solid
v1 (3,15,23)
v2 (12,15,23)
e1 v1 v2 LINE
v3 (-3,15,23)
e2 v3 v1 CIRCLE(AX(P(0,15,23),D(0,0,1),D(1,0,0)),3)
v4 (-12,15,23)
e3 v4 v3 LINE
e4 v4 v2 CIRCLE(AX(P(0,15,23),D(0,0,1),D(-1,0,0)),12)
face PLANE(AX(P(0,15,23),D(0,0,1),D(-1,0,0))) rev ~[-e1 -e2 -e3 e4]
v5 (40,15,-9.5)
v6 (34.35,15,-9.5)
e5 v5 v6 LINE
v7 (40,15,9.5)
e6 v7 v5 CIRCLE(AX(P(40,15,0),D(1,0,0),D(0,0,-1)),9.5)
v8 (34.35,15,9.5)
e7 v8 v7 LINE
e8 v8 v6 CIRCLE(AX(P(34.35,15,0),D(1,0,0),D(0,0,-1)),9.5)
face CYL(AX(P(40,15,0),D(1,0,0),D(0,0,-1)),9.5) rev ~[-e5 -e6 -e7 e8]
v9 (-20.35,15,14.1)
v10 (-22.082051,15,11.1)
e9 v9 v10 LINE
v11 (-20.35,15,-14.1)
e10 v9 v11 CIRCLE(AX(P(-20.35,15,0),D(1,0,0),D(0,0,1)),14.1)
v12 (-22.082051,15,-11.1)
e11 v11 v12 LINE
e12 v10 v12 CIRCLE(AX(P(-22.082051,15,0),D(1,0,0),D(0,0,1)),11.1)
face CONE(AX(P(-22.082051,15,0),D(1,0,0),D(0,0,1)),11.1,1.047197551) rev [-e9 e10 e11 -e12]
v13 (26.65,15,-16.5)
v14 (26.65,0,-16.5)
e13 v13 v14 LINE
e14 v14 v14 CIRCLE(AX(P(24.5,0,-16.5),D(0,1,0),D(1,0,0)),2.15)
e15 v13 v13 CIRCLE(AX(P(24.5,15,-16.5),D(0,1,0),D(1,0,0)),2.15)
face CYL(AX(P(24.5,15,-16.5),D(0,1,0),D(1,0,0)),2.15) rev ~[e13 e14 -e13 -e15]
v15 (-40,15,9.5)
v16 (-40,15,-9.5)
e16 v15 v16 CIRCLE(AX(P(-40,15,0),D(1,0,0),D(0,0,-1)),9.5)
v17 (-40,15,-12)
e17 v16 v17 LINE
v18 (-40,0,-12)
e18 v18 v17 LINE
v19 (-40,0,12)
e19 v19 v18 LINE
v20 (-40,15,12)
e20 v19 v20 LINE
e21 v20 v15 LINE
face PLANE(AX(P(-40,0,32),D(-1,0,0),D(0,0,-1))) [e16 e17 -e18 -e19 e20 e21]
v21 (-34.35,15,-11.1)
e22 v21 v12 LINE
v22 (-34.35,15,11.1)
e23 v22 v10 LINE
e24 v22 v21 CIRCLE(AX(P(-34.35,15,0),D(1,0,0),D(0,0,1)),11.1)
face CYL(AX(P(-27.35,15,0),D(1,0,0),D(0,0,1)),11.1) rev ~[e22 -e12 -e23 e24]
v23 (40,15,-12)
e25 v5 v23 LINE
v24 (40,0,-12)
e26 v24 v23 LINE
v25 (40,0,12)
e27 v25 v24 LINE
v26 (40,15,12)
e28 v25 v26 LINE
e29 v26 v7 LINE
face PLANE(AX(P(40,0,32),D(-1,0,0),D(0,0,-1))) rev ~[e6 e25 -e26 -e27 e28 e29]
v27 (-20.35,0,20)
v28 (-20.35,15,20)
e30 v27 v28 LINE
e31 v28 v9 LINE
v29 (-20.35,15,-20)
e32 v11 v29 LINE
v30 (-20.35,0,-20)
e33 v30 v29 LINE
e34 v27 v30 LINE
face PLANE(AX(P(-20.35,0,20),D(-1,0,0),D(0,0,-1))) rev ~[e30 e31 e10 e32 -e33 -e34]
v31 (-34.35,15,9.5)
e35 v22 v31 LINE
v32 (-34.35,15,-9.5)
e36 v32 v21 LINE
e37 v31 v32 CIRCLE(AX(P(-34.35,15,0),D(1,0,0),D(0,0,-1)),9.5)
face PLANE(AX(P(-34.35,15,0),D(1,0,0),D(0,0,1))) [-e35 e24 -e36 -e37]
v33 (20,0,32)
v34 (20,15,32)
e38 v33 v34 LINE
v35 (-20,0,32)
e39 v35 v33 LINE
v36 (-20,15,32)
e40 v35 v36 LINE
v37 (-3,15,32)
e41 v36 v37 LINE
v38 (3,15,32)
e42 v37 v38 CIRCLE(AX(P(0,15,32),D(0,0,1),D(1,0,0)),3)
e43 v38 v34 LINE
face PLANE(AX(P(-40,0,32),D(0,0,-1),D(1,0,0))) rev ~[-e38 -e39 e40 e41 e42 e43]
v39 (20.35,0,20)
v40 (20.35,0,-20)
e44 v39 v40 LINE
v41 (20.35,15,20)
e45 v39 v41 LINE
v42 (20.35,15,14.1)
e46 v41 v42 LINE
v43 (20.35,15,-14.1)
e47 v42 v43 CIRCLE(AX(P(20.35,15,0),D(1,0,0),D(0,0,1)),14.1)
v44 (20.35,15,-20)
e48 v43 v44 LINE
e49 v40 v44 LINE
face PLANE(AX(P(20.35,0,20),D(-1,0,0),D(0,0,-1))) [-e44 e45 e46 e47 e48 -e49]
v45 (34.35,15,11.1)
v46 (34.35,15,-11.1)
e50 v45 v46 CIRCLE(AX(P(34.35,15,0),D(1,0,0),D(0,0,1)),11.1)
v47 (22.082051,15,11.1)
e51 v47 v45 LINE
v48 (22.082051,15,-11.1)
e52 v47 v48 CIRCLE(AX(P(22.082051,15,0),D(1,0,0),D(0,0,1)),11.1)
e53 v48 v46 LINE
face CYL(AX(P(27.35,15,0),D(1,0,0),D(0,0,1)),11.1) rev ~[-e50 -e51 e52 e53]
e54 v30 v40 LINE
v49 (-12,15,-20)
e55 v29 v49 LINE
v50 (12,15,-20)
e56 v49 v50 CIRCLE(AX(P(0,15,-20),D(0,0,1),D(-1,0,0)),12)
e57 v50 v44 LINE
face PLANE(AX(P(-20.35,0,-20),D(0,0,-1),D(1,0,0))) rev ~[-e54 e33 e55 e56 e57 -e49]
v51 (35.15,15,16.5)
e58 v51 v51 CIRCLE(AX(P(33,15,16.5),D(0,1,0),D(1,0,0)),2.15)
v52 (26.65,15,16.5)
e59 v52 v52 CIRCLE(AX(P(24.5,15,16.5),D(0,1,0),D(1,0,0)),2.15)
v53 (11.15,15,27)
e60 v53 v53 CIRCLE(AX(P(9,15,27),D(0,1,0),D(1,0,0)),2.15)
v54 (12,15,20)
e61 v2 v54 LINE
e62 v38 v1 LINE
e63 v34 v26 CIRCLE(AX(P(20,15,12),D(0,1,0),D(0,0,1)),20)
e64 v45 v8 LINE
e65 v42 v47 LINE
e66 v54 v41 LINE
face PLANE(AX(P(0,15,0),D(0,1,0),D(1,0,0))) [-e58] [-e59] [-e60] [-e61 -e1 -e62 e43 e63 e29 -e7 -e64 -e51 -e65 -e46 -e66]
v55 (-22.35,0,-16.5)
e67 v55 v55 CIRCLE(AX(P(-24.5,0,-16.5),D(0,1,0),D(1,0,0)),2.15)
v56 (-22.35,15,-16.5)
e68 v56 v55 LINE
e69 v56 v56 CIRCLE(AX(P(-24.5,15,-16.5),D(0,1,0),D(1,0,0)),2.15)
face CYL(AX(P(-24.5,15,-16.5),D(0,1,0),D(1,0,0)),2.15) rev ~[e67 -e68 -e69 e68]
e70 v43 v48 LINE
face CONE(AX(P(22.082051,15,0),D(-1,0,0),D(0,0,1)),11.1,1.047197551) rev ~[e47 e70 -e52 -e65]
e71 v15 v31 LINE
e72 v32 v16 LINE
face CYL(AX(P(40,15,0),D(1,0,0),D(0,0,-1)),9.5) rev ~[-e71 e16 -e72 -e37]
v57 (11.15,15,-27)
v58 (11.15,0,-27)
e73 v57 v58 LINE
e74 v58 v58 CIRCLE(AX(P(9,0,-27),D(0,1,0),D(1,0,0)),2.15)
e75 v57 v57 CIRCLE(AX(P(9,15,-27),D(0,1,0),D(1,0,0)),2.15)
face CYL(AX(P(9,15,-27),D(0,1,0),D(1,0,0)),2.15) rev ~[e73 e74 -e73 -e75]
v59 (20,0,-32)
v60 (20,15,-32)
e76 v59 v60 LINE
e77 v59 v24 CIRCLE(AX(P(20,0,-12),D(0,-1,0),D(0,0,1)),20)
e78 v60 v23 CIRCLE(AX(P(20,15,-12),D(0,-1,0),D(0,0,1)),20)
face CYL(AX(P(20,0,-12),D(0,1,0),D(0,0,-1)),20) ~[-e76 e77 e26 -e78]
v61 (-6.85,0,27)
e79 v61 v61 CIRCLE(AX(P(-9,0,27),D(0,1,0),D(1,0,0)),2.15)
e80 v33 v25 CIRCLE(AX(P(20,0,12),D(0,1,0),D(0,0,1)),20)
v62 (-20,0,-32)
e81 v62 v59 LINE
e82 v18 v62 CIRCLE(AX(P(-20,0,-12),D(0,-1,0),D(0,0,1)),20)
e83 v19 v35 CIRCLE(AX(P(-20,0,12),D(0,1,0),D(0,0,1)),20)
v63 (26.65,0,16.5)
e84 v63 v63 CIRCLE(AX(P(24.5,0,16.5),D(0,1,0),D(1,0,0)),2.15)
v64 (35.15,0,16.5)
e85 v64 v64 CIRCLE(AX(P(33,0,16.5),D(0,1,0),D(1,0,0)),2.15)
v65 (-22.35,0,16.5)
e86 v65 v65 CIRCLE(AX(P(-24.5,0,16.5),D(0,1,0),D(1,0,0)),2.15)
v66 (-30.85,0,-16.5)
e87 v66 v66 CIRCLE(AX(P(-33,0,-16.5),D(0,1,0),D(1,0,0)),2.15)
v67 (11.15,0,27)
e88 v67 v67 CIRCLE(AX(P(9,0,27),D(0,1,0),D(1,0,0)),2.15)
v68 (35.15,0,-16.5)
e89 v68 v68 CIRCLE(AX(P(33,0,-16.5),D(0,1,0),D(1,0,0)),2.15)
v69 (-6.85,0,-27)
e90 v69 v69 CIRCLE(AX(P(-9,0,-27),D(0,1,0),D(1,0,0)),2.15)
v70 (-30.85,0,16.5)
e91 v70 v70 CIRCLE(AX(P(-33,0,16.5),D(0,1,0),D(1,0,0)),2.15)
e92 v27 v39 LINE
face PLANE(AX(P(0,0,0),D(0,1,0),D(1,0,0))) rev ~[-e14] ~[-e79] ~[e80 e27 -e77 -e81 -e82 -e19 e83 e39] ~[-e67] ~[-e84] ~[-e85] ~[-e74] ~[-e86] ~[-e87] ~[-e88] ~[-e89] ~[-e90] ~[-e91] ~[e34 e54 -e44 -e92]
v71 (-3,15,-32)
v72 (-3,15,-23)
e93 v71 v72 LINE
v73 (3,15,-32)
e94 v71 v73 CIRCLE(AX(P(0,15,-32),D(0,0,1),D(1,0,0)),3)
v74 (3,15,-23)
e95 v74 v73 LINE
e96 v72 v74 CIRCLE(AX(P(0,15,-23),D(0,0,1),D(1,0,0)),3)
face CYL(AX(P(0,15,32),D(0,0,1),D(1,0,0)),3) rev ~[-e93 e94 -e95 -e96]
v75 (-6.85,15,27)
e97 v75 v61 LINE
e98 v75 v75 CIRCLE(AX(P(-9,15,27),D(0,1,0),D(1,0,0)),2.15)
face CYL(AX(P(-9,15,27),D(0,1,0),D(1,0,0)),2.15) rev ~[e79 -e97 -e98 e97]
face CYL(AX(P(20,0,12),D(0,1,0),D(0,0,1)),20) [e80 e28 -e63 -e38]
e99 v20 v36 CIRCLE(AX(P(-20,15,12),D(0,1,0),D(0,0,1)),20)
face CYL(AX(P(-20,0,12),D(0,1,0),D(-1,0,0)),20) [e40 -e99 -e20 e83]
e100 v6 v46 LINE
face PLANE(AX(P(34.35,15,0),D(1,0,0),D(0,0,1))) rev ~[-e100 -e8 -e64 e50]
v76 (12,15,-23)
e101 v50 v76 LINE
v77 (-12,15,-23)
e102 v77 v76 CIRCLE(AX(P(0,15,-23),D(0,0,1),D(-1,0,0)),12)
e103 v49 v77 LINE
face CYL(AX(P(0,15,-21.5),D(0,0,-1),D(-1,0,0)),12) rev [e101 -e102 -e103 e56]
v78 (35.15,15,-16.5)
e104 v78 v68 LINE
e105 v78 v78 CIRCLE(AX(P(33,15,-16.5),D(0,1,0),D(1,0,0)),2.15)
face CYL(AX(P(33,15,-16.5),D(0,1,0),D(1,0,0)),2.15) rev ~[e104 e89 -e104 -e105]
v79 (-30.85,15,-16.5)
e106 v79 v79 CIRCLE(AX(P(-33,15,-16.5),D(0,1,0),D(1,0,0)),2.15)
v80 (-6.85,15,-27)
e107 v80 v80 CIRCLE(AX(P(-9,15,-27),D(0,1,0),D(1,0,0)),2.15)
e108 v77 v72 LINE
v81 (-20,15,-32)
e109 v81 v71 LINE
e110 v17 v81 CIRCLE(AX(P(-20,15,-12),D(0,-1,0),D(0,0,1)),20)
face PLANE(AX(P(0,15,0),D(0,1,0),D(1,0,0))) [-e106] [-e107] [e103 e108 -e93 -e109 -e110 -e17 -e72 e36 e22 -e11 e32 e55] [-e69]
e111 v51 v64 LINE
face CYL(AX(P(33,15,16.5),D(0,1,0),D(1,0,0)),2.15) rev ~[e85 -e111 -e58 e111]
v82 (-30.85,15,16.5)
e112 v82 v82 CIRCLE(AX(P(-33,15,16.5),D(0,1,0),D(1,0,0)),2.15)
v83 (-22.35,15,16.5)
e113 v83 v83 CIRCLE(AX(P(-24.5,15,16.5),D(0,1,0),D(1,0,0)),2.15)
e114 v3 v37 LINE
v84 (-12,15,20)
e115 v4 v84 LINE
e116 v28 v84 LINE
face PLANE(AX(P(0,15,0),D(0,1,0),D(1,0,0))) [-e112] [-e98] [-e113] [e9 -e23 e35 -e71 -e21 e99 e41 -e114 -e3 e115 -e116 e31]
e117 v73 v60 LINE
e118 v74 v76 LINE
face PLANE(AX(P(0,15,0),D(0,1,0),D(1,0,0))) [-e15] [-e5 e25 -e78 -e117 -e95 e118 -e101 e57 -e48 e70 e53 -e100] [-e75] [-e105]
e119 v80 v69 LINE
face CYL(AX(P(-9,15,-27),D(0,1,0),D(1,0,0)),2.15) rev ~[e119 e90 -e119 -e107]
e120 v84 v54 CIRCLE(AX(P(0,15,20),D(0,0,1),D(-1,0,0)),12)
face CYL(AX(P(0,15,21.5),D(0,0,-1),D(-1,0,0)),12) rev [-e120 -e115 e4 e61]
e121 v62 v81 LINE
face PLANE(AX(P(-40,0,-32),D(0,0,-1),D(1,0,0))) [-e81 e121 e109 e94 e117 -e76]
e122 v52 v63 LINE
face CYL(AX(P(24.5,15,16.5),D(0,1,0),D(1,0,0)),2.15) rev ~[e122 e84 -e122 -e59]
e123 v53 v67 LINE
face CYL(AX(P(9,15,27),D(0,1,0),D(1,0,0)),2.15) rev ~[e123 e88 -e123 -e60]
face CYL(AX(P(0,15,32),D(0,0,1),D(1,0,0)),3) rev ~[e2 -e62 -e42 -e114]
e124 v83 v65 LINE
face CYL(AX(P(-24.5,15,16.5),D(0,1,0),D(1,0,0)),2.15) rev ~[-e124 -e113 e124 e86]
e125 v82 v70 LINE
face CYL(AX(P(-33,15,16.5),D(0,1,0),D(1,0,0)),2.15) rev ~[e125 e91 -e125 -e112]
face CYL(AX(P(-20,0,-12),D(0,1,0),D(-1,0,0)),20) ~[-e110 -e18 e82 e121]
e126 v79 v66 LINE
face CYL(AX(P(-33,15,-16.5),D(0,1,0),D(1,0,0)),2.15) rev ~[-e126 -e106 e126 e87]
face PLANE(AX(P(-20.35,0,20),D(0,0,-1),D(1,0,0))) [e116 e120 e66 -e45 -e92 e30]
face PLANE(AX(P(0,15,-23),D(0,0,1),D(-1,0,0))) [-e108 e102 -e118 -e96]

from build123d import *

# Parameters (mm, degrees)
SKETCH1_W             = 80
SKETCH1_H             = 64
SKETCH1_W_2           = 40.7
SKETCH1_H_2           = 40
BOSS_EXTRUDE1_DEPTH   = 15
SKETCH3_W             = 14
SKETCH3_H             = 11.1
SKETCH4_R             = 9.5
CUT_EXTRUDE2_DEPTH    = 81
SKETCH5_R             = 3
CUT_EXTRUDE3_DEPTH    = 65
SKETCH8_R             = 2.15
CUT_EXTRUDE6_DEPTH    = 16
FILLET1_R             = 20
CHAMFER1_SIZE         = 3
CHAMFER1_SIZE2        = 1.732050808
CHAMFER1_PART_2_SIZE  = 3
CHAMFER1_PART_2_SIZE2 = 1.732050808
SKETCH9_W             = 12
SKETCH9_H             = 3


with BuildPart() as part:
    # Sketch1 → Boss-Extrude1 (new body)
    with BuildSketch(Plane(origin=(0, 0, 0), x_dir=(1, 0, 0), z_dir=(0, 1, 0))):
        Rectangle(SKETCH1_W, SKETCH1_H)
        Rectangle(SKETCH1_W_2, SKETCH1_H_2, mode=Mode.SUBTRACT)
    extrude(amount=BOSS_EXTRUDE1_DEPTH)

    # Sketch3 → Cut-Revolve1 (revolve, cut)
    with BuildSketch(Plane(origin=(0, 15, 0), x_dir=(1, 0, 0), z_dir=(0, 1, 0))):
        with Locations((27.35, -5.55)):
            Rectangle(SKETCH3_W, SKETCH3_H)
        with Locations((-27.35, -5.55)):
            Rectangle(SKETCH3_W, SKETCH3_H)
    revolve(axis=Axis((20.35, 15, 0), (1, 0, 0)), mode=Mode.SUBTRACT)

    # Sketch4 → Cut-Extrude2 (cut, through all)
    with BuildSketch(Plane(origin=(40, 0, 0), x_dir=(0, 0, -1), z_dir=(1, 0, 0))):
        with Locations((0, 15)):
            Circle(SKETCH4_R)
    extrude(amount=-CUT_EXTRUDE2_DEPTH, mode=Mode.SUBTRACT)

    # Sketch5 → Cut-Extrude3 (cut, through all)
    with BuildSketch(Plane.XY.offset(32)):
        with Locations((0, 15)):
            Circle(SKETCH5_R)
    extrude(amount=-CUT_EXTRUDE3_DEPTH, mode=Mode.SUBTRACT)

    # Sketch8 → Cut-Extrude6 (cut, through all)
    with BuildSketch(Plane(origin=(0, 15, 0), x_dir=(1, 0, 0), z_dir=(0, 1, 0))):
        with Locations((24.5, 16.5)):
            Circle(SKETCH8_R)
        with Locations((24.5, -16.5)):
            Circle(SKETCH8_R)
        with Locations((-24.5, -16.5)):
            Circle(SKETCH8_R)
        with Locations((-24.5, 16.5)):
            Circle(SKETCH8_R)
        with Locations((9, -27)):
            Circle(SKETCH8_R)
        with Locations((-9, -27)):
            Circle(SKETCH8_R)
        with Locations((-9, 27)):
            Circle(SKETCH8_R)
        with Locations((9, 27)):
            Circle(SKETCH8_R)
        with Locations((-33, 16.5)):
            Circle(SKETCH8_R)
        with Locations((33, 16.5)):
            Circle(SKETCH8_R)
        with Locations((33, -16.5)):
            Circle(SKETCH8_R)
        with Locations((-33, -16.5)):
            Circle(SKETCH8_R)
    extrude(amount=-CUT_EXTRUDE6_DEPTH, mode=Mode.SUBTRACT)

    # Fillet1
    fillet1_edges = [part.edges().sort_by_distance(p)[0] for p in [
        (-40, 7.5, -32),
        (40, 7.5, -32),
        (40, 7.5, 32),
        (-40, 7.5, 32),
    ]]
    fillet(fillet1_edges, radius=FILLET1_R)

    # Chamfer1
    chamfer1_edges = [part.edges().sort_by_distance(p)[0] for p in [
        (20.35, 3.9, 0),
    ]]
    chamfer1_side = [part.faces().sort_by_distance(p)[0] for p in [
        (20.35, 0.427200187, 0),
    ]]
    chamfer(chamfer1_edges, length=CHAMFER1_SIZE, length2=CHAMFER1_SIZE2, reference=chamfer1_side[0])

    # Chamfer1 part 2
    chamfer1_part_2_edges = [part.edges().sort_by_distance(p)[0] for p in [
        (-20.35, 3.9, 0),
    ]]
    chamfer1_part_2_side = [part.faces().sort_by_distance(p)[0] for p in [
        (-20.35, 0.427200187, 0),
    ]]
    chamfer(chamfer1_part_2_edges, length=CHAMFER1_PART_2_SIZE, length2=CHAMFER1_PART_2_SIZE2, reference=chamfer1_part_2_side[0])

    # Sketch9 → Cut-Revolve2 (revolve, cut)
    with BuildSketch(Plane(origin=(0, 15, 0), x_dir=(1, 0, 0), z_dir=(0, 1, 0))):
        with Locations((-6, -21.5)):
            Rectangle(SKETCH9_W, SKETCH9_H)
        with Locations((-6, 21.5)):
            Rectangle(SKETCH9_W, SKETCH9_H)
    revolve(axis=Axis((0, 15, -29.871415895), (0, 0, 1)), mode=Mode.SUBTRACT)


solid = part.part
